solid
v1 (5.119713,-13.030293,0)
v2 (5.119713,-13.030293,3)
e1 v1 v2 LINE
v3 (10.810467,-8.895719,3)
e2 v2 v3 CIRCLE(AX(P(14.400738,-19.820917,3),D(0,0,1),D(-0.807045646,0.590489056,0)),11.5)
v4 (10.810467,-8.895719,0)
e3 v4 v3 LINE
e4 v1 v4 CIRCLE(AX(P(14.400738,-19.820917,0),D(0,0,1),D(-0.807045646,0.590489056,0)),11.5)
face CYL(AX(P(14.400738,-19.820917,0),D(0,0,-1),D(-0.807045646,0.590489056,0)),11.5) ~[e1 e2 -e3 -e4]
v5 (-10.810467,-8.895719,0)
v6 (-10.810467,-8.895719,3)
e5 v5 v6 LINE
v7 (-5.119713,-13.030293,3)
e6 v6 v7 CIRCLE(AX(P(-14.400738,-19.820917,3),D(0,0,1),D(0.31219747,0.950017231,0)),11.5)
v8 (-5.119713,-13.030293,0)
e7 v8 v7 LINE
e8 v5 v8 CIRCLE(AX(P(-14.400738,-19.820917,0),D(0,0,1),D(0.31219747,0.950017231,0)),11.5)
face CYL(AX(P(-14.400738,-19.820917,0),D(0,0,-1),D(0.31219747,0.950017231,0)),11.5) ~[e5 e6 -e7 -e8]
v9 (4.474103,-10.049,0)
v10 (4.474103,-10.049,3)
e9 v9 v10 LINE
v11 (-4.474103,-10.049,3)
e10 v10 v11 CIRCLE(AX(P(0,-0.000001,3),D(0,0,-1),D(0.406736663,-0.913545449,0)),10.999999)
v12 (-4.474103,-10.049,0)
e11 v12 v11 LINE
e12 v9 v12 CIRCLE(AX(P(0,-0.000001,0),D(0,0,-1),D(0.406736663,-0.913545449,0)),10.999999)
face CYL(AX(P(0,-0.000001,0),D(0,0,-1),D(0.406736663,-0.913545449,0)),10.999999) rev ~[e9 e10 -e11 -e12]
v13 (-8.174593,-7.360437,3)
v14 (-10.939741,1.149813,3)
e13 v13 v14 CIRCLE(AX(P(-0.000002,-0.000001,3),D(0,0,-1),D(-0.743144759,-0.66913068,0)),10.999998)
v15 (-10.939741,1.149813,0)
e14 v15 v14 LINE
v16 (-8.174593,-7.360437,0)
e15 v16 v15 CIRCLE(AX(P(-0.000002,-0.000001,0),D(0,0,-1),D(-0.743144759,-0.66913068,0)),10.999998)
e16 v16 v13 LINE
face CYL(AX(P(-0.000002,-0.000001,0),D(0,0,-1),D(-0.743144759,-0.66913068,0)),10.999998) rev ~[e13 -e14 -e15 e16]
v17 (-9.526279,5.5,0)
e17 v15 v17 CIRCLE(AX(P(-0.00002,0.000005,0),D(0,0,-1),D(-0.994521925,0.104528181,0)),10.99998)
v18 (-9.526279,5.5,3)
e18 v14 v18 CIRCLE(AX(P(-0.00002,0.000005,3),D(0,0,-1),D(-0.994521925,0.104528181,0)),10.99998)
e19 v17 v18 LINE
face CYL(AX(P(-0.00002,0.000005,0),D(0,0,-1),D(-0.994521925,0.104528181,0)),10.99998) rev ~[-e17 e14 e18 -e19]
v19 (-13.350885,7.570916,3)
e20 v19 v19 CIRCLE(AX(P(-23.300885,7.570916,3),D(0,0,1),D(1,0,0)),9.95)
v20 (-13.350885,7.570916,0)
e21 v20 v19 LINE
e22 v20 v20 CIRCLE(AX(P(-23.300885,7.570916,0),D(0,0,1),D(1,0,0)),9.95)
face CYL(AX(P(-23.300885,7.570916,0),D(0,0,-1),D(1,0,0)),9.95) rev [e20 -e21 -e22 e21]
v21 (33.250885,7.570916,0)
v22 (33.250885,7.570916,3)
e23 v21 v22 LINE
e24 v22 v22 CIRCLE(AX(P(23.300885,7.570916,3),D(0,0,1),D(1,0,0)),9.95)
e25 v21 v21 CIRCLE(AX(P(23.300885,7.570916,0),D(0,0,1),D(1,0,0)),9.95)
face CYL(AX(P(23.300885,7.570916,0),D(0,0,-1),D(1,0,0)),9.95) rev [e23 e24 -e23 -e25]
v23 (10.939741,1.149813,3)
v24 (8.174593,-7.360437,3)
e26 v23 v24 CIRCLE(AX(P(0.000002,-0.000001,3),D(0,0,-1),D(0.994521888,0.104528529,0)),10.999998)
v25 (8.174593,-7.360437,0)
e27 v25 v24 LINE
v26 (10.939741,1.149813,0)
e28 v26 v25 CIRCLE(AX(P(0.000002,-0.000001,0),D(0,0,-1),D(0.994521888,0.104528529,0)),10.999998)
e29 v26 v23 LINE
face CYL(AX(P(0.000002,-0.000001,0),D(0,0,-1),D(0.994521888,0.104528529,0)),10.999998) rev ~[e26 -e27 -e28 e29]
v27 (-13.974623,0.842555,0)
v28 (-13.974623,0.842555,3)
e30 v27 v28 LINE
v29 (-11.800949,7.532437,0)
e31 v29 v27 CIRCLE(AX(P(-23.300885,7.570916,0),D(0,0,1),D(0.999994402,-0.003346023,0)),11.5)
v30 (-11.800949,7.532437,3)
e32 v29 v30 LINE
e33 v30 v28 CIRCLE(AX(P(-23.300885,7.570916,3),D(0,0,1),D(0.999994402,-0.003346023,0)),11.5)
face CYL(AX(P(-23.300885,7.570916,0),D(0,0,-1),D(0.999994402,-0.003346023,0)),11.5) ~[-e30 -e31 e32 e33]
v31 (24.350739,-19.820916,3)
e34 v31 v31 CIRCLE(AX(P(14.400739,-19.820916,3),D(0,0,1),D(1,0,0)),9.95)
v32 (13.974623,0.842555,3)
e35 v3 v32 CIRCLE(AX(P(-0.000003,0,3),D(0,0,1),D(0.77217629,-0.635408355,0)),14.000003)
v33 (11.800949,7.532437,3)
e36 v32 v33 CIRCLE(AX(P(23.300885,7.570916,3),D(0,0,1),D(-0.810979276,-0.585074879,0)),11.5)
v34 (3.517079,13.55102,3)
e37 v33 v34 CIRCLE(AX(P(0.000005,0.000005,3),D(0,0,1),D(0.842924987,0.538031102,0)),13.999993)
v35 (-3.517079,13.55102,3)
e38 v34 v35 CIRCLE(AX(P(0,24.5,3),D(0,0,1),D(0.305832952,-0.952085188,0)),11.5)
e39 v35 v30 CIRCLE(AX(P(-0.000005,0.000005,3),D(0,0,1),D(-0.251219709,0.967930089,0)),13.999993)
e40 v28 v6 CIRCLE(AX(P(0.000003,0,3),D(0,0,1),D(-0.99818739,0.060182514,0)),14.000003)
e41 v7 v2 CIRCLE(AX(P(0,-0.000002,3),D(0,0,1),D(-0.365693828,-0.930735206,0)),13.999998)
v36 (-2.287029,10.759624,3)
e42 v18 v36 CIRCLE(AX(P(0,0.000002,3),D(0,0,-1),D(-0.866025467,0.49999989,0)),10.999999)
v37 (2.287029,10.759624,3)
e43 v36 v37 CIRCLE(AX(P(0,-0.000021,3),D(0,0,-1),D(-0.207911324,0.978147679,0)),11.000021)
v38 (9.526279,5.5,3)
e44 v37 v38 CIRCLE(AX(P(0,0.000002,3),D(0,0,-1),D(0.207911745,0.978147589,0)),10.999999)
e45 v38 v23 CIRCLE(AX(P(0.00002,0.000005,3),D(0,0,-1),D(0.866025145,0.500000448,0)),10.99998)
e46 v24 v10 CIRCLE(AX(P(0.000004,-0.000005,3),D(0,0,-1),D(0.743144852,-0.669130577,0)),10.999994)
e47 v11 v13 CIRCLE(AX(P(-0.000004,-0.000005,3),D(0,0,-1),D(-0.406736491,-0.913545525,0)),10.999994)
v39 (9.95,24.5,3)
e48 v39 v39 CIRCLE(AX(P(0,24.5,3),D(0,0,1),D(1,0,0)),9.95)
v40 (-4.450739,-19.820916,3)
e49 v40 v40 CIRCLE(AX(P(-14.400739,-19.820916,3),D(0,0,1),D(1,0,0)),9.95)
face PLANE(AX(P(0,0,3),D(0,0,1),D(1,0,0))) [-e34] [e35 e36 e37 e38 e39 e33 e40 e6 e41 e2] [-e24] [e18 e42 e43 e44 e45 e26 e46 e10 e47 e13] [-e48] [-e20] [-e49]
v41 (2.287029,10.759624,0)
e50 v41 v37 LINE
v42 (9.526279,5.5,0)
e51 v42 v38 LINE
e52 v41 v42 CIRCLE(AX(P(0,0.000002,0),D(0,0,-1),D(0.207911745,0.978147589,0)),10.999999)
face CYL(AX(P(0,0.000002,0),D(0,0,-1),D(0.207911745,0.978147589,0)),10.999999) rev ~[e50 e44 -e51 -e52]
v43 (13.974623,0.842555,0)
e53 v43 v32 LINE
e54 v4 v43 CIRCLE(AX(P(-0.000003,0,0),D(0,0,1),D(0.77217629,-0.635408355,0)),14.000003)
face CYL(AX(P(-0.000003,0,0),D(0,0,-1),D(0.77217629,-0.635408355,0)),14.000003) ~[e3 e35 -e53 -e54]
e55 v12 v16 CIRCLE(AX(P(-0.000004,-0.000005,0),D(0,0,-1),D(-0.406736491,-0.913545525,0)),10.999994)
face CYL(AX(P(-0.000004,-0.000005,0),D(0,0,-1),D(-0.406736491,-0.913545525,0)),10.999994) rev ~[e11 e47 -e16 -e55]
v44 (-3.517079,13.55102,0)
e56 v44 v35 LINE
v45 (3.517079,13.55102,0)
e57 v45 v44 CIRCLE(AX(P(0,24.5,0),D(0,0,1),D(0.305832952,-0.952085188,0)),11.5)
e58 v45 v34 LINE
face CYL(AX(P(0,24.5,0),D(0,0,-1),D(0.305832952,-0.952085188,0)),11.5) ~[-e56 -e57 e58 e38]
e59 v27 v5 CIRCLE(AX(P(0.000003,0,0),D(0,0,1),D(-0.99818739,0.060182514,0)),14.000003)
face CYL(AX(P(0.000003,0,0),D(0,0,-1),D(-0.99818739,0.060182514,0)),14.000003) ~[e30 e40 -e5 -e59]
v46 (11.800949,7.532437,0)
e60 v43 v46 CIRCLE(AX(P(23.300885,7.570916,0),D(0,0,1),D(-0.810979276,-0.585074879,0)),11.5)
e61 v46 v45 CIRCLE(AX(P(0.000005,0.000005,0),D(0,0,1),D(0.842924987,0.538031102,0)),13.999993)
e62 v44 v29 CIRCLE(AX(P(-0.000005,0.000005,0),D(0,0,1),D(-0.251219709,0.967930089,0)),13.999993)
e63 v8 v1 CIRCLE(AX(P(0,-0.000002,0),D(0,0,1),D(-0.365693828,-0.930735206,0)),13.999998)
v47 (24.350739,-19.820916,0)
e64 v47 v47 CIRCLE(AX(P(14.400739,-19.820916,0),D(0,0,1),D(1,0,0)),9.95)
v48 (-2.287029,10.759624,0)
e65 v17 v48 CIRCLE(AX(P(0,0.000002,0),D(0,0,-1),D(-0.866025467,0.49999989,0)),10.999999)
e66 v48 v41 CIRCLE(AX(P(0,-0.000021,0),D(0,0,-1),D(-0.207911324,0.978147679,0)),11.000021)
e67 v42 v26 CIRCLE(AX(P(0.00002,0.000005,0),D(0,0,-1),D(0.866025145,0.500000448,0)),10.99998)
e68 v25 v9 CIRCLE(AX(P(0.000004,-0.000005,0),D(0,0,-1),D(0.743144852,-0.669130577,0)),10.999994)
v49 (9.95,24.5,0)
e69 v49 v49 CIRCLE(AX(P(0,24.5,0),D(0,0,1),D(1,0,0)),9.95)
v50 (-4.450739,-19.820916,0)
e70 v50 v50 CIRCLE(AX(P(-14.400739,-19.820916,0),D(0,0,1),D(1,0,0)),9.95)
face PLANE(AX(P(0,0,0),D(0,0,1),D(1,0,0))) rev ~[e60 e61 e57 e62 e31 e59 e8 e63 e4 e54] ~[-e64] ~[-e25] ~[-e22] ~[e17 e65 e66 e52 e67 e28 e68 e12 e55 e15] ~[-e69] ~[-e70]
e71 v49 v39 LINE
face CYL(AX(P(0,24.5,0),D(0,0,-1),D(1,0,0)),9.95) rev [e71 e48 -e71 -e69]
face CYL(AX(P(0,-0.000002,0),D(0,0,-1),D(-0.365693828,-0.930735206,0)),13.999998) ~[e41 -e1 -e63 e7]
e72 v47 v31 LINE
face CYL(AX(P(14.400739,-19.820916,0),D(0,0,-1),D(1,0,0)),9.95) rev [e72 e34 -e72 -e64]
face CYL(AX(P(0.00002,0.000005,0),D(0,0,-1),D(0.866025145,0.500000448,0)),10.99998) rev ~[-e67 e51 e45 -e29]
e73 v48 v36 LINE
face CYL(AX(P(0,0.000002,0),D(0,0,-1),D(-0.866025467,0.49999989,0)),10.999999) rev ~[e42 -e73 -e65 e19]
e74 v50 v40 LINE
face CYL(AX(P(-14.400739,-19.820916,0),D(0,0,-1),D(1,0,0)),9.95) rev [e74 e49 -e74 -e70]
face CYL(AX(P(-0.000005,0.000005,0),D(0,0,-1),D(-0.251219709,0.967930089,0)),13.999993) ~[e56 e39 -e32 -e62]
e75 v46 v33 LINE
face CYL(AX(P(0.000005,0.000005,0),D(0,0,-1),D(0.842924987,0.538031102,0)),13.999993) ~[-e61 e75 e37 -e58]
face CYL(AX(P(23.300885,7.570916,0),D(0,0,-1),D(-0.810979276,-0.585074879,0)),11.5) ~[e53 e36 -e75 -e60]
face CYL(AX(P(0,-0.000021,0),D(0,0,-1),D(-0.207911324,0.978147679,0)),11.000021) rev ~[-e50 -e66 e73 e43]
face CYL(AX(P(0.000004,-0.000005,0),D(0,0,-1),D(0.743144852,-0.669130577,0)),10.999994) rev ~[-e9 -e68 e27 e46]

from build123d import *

# Parameters (mm, degrees)
F0_R     = 9.95
F1_DEPTH = 3


with BuildPart() as f1:
    # F0 (on Top) → F1 (new body)
    with BuildSketch(Plane.XY):
        with BuildLine():
            ThreePointArc((3.517079, 13.55102), (0, 36), (-3.517079, 13.55102))
            ThreePointArc((-3.517079, 13.55102), (-8.228994, 11.326238), (-11.800949, 7.532437))
            ThreePointArc((-11.800949, 7.532437), (-34.238035, 11.124612), (-13.974623, 0.842555))
            ThreePointArc((-13.974623, 0.842555), (-13.314791, -4.326238), (-10.810467, -8.895719))
            ThreePointArc((-10.810467, -8.895719), (-21.160269, -29.124612), (-5.119713, -13.030293))
            ThreePointArc((-5.119713, -13.030293), (0, -14), (5.119713, -13.030293))
            ThreePointArc((5.119713, -13.030293), (21.160269, -29.124612), (10.810467, -8.895719))
            ThreePointArc((10.810467, -8.895719), (13.314791, -4.326238), (13.974623, 0.842555))
            ThreePointArc((13.974623, 0.842555), (34.238035, 11.124612), (11.800949, 7.532437))
            ThreePointArc((11.800949, 7.532437), (8.228994, 11.326238), (3.517079, 13.55102))
        make_face()
        with Locations((-14.400739, -19.820916)):
            Circle(F0_R, mode=Mode.SUBTRACT)
        with BuildLine():
            ThreePointArc((2.287029, 10.759624), (6.465638, 8.899187), (9.526279, 5.5))
            ThreePointArc((9.526279, 5.5), (10.461622, 3.399187), (10.939741, 1.149813))
            ThreePointArc((10.939741, 1.149813), (10.461622, -3.399187), (8.174593, -7.360437))
            ThreePointArc((8.174593, -7.360437), (6.465638, -8.899187), (4.474103, -10.049))
            ThreePointArc((4.474103, -10.049), (0, -11), (-4.474103, -10.049))
            ThreePointArc((-4.474103, -10.049), (-6.465638, -8.899187), (-8.174593, -7.360437))
            ThreePointArc((-8.174593, -7.360437), (-10.461622, -3.399187), (-10.939741, 1.149813))
            ThreePointArc((-10.939741, 1.149813), (-10.461622, 3.399187), (-9.526279, 5.5))
            ThreePointArc((-9.526279, 5.5), (-6.465638, 8.899187), (-2.287029, 10.759624))
            ThreePointArc((-2.287029, 10.759624), (0, 11), (2.287029, 10.759624))
        make_face(mode=Mode.SUBTRACT)
        with Locations((14.400739, -19.820916)):
            Circle(F0_R, mode=Mode.SUBTRACT)
        with Locations((-23.300885, 7.570916)):
            Circle(F0_R, mode=Mode.SUBTRACT)
        with Locations((0, 24.5)):
            Circle(F0_R, mode=Mode.SUBTRACT)
        with Locations((23.300885, 7.570916)):
            Circle(F0_R, mode=Mode.SUBTRACT)
    extrude(amount=F1_DEPTH)


solid = f1.part
